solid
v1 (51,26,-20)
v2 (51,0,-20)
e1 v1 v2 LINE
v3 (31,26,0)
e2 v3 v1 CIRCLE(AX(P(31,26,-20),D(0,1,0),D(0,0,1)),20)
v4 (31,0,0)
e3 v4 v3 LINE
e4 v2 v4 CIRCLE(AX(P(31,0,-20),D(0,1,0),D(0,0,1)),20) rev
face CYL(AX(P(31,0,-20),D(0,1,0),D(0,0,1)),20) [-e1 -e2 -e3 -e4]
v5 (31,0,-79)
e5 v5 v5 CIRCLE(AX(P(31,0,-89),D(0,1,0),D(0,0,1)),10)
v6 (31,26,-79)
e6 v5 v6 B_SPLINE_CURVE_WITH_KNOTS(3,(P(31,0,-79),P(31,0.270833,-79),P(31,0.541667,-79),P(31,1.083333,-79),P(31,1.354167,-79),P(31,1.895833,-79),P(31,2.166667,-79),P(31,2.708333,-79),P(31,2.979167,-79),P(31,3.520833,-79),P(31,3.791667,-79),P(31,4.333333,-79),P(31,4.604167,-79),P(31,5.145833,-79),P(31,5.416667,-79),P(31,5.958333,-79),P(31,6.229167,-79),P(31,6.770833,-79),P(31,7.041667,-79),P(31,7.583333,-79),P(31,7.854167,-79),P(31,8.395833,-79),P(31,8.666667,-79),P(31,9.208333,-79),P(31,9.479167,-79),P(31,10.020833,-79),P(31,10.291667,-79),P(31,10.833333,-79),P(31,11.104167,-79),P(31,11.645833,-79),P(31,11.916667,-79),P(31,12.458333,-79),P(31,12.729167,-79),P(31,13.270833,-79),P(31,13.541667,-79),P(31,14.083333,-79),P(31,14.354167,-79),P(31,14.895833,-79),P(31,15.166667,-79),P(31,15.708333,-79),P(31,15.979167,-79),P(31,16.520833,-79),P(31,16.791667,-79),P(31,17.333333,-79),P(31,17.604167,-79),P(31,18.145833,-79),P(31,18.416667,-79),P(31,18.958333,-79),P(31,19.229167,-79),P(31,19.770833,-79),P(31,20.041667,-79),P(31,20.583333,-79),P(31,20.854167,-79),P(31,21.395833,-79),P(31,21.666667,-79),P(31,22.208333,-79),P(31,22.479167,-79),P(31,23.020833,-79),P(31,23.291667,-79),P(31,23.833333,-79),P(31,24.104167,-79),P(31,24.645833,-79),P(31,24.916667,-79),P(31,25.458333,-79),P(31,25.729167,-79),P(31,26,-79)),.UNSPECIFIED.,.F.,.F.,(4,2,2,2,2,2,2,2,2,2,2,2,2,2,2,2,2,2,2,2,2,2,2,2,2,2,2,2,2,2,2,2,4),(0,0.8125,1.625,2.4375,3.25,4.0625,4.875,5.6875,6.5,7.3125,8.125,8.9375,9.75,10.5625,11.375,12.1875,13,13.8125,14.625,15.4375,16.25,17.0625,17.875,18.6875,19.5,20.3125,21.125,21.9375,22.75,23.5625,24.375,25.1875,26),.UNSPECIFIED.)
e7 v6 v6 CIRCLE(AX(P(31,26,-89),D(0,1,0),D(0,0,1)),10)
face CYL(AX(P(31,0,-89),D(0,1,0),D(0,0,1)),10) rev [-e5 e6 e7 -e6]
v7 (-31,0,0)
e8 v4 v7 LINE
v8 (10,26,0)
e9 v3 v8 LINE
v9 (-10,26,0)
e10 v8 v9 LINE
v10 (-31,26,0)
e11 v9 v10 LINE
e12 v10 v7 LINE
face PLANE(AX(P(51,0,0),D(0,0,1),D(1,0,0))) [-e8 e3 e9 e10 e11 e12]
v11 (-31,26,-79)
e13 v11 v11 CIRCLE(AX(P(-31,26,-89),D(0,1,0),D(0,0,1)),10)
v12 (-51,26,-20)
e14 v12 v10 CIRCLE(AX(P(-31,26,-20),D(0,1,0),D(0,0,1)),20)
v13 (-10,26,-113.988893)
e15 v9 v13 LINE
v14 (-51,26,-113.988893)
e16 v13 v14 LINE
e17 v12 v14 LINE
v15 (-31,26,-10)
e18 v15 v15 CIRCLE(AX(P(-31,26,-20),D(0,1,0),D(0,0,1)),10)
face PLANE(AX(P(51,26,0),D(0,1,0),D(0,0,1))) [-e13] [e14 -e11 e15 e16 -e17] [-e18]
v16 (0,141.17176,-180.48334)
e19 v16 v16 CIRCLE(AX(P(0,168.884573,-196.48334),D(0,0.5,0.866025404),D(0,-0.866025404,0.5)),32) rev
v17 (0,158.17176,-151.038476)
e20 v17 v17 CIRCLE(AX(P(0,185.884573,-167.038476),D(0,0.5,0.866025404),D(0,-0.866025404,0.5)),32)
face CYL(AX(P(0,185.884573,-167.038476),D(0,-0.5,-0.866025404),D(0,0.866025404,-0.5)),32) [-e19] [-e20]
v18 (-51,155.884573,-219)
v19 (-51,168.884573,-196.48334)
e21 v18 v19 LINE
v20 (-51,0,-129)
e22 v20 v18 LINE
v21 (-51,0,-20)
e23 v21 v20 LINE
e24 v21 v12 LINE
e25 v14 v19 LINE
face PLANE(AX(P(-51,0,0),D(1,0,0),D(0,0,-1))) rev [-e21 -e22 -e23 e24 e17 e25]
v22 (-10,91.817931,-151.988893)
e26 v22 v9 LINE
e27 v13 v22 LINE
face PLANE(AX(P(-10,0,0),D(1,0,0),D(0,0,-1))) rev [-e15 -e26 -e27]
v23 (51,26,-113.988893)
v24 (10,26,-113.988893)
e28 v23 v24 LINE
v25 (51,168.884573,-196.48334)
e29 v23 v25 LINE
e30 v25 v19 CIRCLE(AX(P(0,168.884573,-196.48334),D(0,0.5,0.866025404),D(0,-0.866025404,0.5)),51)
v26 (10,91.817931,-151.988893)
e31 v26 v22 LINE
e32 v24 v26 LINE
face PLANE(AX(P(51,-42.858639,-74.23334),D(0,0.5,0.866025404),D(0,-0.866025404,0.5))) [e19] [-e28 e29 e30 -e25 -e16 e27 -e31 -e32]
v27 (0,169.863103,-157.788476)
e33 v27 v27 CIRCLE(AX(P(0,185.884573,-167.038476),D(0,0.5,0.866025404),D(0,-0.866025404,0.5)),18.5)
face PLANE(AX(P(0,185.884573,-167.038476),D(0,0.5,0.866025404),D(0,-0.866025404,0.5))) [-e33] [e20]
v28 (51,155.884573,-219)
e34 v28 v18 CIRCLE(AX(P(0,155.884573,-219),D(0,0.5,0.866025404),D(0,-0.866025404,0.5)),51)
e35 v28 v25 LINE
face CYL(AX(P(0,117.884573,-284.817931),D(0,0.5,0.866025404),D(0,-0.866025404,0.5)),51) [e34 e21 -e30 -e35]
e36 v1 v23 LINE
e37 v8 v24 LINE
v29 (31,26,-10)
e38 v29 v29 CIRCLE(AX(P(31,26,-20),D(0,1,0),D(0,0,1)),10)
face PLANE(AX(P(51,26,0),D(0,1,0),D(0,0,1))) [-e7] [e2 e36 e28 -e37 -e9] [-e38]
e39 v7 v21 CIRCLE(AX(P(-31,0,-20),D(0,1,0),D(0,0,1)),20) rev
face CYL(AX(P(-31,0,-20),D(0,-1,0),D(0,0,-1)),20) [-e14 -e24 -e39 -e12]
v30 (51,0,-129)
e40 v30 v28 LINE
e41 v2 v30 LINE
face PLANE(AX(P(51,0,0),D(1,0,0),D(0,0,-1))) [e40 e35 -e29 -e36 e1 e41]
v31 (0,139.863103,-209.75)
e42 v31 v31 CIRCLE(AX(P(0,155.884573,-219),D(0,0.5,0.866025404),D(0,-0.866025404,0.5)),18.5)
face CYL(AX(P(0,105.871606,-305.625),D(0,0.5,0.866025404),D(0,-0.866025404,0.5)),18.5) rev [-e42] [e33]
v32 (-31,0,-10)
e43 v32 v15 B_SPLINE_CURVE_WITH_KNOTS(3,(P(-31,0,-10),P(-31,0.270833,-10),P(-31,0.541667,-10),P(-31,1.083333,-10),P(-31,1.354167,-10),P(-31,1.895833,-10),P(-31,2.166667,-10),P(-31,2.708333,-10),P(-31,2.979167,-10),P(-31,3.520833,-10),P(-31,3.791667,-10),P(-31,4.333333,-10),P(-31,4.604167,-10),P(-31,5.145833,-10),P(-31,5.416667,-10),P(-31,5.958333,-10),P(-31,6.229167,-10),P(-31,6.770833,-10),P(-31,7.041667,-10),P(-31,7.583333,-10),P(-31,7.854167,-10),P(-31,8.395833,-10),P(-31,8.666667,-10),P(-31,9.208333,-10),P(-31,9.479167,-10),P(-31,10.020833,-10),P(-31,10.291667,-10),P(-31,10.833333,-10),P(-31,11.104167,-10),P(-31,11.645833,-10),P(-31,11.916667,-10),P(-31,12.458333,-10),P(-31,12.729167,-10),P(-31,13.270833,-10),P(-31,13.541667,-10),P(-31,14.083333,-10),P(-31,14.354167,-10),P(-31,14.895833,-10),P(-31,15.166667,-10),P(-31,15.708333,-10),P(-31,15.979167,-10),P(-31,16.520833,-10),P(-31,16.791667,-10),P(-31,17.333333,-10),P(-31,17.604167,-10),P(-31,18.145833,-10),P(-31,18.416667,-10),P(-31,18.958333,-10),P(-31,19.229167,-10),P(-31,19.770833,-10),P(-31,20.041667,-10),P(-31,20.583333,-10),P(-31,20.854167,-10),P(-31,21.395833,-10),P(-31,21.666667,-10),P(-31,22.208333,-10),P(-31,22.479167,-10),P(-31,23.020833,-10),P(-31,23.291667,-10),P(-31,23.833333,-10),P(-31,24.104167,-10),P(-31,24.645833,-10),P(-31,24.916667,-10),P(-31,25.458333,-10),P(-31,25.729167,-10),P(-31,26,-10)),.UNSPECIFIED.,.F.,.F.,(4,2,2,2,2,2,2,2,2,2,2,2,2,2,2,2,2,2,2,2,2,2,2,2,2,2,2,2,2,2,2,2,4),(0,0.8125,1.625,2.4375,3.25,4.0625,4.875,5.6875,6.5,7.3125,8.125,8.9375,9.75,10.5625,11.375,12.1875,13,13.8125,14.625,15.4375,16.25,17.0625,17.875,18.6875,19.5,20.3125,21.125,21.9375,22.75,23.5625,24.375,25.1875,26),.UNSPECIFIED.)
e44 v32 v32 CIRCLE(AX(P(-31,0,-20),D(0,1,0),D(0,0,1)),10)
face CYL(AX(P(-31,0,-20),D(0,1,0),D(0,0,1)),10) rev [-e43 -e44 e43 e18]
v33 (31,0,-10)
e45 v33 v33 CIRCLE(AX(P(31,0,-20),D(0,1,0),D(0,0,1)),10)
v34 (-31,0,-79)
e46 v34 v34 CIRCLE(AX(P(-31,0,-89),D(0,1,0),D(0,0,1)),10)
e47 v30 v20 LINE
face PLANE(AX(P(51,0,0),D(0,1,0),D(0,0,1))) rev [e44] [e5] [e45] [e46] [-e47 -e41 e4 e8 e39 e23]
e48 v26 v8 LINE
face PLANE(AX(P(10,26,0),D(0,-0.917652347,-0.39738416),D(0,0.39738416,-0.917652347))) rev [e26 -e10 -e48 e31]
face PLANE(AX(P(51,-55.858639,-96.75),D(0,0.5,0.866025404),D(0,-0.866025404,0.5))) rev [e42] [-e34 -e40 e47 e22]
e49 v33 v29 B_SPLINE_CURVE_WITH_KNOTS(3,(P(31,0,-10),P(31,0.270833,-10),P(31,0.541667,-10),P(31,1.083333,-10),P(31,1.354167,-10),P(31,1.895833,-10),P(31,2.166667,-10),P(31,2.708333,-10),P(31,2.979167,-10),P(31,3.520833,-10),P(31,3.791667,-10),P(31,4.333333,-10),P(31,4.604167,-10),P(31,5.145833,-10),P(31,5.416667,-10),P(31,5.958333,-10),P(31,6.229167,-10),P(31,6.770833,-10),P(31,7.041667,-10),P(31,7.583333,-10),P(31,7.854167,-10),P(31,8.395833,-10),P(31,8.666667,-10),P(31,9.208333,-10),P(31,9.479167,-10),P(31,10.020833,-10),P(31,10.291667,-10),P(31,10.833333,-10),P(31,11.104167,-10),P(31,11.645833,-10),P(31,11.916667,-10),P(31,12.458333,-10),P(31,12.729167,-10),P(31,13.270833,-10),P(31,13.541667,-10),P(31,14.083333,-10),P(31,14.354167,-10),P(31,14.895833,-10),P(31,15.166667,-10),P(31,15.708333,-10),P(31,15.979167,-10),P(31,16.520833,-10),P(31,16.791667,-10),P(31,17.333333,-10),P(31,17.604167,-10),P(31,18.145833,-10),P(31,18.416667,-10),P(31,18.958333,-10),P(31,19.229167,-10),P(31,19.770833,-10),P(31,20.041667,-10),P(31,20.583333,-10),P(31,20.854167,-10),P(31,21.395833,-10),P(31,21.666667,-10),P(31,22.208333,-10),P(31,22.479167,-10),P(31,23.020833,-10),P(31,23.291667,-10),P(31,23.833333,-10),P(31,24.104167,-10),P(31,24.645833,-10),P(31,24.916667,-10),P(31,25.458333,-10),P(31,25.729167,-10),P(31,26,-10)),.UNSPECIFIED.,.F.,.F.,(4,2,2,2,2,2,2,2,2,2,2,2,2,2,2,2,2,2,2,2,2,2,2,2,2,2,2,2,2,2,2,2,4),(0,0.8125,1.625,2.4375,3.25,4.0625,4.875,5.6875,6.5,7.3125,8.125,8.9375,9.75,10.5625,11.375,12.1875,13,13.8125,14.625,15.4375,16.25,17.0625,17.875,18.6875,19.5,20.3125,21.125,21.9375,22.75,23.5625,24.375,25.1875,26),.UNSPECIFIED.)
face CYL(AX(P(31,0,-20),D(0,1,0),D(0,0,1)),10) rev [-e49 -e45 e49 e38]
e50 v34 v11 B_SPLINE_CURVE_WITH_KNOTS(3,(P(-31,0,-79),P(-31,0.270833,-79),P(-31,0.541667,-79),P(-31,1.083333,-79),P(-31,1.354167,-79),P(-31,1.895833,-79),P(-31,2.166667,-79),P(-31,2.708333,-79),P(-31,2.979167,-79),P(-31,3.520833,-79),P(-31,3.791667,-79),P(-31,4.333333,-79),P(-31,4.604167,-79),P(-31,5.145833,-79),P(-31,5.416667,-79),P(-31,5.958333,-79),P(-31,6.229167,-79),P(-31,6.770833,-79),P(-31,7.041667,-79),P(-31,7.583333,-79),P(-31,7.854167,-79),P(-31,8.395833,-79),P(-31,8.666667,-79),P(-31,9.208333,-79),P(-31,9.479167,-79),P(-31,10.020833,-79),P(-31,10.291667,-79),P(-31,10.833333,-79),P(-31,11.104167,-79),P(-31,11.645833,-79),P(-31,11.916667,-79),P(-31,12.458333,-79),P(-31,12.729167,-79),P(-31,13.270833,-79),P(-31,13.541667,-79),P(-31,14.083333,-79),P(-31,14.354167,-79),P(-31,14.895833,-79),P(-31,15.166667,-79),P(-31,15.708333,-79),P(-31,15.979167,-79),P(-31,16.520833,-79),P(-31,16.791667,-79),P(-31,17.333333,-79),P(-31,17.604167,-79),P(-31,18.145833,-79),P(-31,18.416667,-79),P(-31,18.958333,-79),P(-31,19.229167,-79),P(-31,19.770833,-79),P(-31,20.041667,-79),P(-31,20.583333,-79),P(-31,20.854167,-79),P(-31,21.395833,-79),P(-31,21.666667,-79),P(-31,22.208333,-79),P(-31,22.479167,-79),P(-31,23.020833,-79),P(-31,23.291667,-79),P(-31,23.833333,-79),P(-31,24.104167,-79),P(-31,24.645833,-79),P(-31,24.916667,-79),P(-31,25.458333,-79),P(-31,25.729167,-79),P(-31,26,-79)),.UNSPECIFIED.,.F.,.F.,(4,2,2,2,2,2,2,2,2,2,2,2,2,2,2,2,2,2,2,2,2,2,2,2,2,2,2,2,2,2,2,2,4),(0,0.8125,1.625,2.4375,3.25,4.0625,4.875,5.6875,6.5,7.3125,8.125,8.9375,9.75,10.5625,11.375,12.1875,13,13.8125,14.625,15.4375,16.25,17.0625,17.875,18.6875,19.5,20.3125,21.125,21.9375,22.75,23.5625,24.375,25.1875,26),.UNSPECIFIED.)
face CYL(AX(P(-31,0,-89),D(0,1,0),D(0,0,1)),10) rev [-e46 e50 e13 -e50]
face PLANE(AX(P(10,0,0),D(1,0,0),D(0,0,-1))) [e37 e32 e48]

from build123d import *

# Parameters (mm, degrees)
BOSS_EXTRUDE1_DEPTH = 51
CUT_EXTRUDE1_DEPTH  = 102
BOSS_EXTRUDE2_START = -26
SKETCH4_R           = 32
BOSS_EXTRUDE2_DEPTH = 60
SKETCH5_R           = 18.5
CUT_EXTRUDE2_DEPTH  = 316.950756304
BOSS_EXTRUDE3_DEPTH = 10
SKETCH7_R           = 10
CUT_EXTRUDE3_DEPTH  = 313.368418834
FILLET1_R           = 20


with BuildPart() as part:
    # Sketch2 → Boss-Extrude1 (new, symmetric)
    with BuildSketch(Plane(origin=(0, 0, 0), x_dir=(0, 0, -1), z_dir=(1, 0, 0))):
        Polygon((0, 0), (54.31624891, 0), (129, 0), (244.5, 200.051868274), (221.983339502, 213.051868274), (113.988893001, 26), (0, 26), align=None)
    extrude(amount=BOSS_EXTRUDE1_DEPTH, both=True)

    # Sketch3 → Cut-Extrude1 (cut)
    with BuildSketch(Plane(origin=(0, -42.858638544, -74.233339502), x_dir=(1, 0, 0), z_dir=(0, 0.49999999999999784, 0.86602540378444))):
        with BuildLine():
            Line((-51, 295.5), (-51, 244.5))
            ThreePointArc((-51, 244.5), (-36.062445841, 280.562445841), (0, 295.5))
            Line((0, 295.5), (-51, 295.5))
        make_face()
        with BuildLine():
            Line((51, 295.5), (0, 295.5))
            ThreePointArc((0, 295.5), (36.062445841, 280.562445841), (51, 244.5))
            Line((51, 244.5), (51, 295.5))
        make_face()
    extrude(amount=-CUT_EXTRUDE1_DEPTH, mode=Mode.SUBTRACT)

    # Sketch4 → Boss-Extrude2 (add)
    with BuildSketch(Plane(origin=(0, -42.858638544, -74.233339502), x_dir=(1, 0, 0), z_dir=(0, 0.49999999999999784, 0.86602540378444)).offset(BOSS_EXTRUDE2_START)):
        with Locations(Location((0, 244.5, 0), (0, 0, 270))):
            Circle(SKETCH4_R)
    extrude(amount=BOSS_EXTRUDE2_DEPTH)

    # Sketch5 → Cut-Extrude2 (cut, through all)
    with BuildSketch(Plane(origin=(0, -25.858638544, -44.788475772), x_dir=(1, 0, 0), z_dir=(0, 0.49999999999999784, 0.86602540378444))):
        with Locations(Location((0, 244.5, 0), (0, 0, 270))):
            Circle(SKETCH5_R)
    extrude(amount=-CUT_EXTRUDE2_DEPTH, mode=Mode.SUBTRACT)

    # Sketch6 → Boss-Extrude3 (add, symmetric)
    with BuildSketch(Plane(origin=(0, 0, 0), x_dir=(0, 0, -1), z_dir=(1, 0, 0))):
        Polygon((0, 26), (151.988893001, 91.817930688), (113.988893001, 26), align=None)
    extrude(amount=BOSS_EXTRUDE3_DEPTH, both=True)

    # Sketch7 → Cut-Extrude3 (cut, through all)
    with BuildSketch(Plane(origin=(0, 26, 0), x_dir=(1, 0, 0), z_dir=(0, 1, 0))):
        with Locations(Location((31, 20, 0), (0, 0, 270))):
            Circle(SKETCH7_R)
        with Locations(Location((-31, 20, 0), (0, 0, 270))):
            Circle(SKETCH7_R)
        with Locations(Location((-31, 89, 0), (0, 0, 270))):
            Circle(SKETCH7_R)
        with Locations(Location((31, 89, 0), (0, 0, 270))):
            Circle(SKETCH7_R)
    extrude(amount=-CUT_EXTRUDE3_DEPTH, mode=Mode.SUBTRACT)

    # Fillet1
    fillet1_edges = [part.edges().sort_by_distance(p)[0] for p in [
        (51, 13, 0),
        (-51, 13, 0),
    ]]
    fillet(fillet1_edges, radius=FILLET1_R)


solid = part.part
